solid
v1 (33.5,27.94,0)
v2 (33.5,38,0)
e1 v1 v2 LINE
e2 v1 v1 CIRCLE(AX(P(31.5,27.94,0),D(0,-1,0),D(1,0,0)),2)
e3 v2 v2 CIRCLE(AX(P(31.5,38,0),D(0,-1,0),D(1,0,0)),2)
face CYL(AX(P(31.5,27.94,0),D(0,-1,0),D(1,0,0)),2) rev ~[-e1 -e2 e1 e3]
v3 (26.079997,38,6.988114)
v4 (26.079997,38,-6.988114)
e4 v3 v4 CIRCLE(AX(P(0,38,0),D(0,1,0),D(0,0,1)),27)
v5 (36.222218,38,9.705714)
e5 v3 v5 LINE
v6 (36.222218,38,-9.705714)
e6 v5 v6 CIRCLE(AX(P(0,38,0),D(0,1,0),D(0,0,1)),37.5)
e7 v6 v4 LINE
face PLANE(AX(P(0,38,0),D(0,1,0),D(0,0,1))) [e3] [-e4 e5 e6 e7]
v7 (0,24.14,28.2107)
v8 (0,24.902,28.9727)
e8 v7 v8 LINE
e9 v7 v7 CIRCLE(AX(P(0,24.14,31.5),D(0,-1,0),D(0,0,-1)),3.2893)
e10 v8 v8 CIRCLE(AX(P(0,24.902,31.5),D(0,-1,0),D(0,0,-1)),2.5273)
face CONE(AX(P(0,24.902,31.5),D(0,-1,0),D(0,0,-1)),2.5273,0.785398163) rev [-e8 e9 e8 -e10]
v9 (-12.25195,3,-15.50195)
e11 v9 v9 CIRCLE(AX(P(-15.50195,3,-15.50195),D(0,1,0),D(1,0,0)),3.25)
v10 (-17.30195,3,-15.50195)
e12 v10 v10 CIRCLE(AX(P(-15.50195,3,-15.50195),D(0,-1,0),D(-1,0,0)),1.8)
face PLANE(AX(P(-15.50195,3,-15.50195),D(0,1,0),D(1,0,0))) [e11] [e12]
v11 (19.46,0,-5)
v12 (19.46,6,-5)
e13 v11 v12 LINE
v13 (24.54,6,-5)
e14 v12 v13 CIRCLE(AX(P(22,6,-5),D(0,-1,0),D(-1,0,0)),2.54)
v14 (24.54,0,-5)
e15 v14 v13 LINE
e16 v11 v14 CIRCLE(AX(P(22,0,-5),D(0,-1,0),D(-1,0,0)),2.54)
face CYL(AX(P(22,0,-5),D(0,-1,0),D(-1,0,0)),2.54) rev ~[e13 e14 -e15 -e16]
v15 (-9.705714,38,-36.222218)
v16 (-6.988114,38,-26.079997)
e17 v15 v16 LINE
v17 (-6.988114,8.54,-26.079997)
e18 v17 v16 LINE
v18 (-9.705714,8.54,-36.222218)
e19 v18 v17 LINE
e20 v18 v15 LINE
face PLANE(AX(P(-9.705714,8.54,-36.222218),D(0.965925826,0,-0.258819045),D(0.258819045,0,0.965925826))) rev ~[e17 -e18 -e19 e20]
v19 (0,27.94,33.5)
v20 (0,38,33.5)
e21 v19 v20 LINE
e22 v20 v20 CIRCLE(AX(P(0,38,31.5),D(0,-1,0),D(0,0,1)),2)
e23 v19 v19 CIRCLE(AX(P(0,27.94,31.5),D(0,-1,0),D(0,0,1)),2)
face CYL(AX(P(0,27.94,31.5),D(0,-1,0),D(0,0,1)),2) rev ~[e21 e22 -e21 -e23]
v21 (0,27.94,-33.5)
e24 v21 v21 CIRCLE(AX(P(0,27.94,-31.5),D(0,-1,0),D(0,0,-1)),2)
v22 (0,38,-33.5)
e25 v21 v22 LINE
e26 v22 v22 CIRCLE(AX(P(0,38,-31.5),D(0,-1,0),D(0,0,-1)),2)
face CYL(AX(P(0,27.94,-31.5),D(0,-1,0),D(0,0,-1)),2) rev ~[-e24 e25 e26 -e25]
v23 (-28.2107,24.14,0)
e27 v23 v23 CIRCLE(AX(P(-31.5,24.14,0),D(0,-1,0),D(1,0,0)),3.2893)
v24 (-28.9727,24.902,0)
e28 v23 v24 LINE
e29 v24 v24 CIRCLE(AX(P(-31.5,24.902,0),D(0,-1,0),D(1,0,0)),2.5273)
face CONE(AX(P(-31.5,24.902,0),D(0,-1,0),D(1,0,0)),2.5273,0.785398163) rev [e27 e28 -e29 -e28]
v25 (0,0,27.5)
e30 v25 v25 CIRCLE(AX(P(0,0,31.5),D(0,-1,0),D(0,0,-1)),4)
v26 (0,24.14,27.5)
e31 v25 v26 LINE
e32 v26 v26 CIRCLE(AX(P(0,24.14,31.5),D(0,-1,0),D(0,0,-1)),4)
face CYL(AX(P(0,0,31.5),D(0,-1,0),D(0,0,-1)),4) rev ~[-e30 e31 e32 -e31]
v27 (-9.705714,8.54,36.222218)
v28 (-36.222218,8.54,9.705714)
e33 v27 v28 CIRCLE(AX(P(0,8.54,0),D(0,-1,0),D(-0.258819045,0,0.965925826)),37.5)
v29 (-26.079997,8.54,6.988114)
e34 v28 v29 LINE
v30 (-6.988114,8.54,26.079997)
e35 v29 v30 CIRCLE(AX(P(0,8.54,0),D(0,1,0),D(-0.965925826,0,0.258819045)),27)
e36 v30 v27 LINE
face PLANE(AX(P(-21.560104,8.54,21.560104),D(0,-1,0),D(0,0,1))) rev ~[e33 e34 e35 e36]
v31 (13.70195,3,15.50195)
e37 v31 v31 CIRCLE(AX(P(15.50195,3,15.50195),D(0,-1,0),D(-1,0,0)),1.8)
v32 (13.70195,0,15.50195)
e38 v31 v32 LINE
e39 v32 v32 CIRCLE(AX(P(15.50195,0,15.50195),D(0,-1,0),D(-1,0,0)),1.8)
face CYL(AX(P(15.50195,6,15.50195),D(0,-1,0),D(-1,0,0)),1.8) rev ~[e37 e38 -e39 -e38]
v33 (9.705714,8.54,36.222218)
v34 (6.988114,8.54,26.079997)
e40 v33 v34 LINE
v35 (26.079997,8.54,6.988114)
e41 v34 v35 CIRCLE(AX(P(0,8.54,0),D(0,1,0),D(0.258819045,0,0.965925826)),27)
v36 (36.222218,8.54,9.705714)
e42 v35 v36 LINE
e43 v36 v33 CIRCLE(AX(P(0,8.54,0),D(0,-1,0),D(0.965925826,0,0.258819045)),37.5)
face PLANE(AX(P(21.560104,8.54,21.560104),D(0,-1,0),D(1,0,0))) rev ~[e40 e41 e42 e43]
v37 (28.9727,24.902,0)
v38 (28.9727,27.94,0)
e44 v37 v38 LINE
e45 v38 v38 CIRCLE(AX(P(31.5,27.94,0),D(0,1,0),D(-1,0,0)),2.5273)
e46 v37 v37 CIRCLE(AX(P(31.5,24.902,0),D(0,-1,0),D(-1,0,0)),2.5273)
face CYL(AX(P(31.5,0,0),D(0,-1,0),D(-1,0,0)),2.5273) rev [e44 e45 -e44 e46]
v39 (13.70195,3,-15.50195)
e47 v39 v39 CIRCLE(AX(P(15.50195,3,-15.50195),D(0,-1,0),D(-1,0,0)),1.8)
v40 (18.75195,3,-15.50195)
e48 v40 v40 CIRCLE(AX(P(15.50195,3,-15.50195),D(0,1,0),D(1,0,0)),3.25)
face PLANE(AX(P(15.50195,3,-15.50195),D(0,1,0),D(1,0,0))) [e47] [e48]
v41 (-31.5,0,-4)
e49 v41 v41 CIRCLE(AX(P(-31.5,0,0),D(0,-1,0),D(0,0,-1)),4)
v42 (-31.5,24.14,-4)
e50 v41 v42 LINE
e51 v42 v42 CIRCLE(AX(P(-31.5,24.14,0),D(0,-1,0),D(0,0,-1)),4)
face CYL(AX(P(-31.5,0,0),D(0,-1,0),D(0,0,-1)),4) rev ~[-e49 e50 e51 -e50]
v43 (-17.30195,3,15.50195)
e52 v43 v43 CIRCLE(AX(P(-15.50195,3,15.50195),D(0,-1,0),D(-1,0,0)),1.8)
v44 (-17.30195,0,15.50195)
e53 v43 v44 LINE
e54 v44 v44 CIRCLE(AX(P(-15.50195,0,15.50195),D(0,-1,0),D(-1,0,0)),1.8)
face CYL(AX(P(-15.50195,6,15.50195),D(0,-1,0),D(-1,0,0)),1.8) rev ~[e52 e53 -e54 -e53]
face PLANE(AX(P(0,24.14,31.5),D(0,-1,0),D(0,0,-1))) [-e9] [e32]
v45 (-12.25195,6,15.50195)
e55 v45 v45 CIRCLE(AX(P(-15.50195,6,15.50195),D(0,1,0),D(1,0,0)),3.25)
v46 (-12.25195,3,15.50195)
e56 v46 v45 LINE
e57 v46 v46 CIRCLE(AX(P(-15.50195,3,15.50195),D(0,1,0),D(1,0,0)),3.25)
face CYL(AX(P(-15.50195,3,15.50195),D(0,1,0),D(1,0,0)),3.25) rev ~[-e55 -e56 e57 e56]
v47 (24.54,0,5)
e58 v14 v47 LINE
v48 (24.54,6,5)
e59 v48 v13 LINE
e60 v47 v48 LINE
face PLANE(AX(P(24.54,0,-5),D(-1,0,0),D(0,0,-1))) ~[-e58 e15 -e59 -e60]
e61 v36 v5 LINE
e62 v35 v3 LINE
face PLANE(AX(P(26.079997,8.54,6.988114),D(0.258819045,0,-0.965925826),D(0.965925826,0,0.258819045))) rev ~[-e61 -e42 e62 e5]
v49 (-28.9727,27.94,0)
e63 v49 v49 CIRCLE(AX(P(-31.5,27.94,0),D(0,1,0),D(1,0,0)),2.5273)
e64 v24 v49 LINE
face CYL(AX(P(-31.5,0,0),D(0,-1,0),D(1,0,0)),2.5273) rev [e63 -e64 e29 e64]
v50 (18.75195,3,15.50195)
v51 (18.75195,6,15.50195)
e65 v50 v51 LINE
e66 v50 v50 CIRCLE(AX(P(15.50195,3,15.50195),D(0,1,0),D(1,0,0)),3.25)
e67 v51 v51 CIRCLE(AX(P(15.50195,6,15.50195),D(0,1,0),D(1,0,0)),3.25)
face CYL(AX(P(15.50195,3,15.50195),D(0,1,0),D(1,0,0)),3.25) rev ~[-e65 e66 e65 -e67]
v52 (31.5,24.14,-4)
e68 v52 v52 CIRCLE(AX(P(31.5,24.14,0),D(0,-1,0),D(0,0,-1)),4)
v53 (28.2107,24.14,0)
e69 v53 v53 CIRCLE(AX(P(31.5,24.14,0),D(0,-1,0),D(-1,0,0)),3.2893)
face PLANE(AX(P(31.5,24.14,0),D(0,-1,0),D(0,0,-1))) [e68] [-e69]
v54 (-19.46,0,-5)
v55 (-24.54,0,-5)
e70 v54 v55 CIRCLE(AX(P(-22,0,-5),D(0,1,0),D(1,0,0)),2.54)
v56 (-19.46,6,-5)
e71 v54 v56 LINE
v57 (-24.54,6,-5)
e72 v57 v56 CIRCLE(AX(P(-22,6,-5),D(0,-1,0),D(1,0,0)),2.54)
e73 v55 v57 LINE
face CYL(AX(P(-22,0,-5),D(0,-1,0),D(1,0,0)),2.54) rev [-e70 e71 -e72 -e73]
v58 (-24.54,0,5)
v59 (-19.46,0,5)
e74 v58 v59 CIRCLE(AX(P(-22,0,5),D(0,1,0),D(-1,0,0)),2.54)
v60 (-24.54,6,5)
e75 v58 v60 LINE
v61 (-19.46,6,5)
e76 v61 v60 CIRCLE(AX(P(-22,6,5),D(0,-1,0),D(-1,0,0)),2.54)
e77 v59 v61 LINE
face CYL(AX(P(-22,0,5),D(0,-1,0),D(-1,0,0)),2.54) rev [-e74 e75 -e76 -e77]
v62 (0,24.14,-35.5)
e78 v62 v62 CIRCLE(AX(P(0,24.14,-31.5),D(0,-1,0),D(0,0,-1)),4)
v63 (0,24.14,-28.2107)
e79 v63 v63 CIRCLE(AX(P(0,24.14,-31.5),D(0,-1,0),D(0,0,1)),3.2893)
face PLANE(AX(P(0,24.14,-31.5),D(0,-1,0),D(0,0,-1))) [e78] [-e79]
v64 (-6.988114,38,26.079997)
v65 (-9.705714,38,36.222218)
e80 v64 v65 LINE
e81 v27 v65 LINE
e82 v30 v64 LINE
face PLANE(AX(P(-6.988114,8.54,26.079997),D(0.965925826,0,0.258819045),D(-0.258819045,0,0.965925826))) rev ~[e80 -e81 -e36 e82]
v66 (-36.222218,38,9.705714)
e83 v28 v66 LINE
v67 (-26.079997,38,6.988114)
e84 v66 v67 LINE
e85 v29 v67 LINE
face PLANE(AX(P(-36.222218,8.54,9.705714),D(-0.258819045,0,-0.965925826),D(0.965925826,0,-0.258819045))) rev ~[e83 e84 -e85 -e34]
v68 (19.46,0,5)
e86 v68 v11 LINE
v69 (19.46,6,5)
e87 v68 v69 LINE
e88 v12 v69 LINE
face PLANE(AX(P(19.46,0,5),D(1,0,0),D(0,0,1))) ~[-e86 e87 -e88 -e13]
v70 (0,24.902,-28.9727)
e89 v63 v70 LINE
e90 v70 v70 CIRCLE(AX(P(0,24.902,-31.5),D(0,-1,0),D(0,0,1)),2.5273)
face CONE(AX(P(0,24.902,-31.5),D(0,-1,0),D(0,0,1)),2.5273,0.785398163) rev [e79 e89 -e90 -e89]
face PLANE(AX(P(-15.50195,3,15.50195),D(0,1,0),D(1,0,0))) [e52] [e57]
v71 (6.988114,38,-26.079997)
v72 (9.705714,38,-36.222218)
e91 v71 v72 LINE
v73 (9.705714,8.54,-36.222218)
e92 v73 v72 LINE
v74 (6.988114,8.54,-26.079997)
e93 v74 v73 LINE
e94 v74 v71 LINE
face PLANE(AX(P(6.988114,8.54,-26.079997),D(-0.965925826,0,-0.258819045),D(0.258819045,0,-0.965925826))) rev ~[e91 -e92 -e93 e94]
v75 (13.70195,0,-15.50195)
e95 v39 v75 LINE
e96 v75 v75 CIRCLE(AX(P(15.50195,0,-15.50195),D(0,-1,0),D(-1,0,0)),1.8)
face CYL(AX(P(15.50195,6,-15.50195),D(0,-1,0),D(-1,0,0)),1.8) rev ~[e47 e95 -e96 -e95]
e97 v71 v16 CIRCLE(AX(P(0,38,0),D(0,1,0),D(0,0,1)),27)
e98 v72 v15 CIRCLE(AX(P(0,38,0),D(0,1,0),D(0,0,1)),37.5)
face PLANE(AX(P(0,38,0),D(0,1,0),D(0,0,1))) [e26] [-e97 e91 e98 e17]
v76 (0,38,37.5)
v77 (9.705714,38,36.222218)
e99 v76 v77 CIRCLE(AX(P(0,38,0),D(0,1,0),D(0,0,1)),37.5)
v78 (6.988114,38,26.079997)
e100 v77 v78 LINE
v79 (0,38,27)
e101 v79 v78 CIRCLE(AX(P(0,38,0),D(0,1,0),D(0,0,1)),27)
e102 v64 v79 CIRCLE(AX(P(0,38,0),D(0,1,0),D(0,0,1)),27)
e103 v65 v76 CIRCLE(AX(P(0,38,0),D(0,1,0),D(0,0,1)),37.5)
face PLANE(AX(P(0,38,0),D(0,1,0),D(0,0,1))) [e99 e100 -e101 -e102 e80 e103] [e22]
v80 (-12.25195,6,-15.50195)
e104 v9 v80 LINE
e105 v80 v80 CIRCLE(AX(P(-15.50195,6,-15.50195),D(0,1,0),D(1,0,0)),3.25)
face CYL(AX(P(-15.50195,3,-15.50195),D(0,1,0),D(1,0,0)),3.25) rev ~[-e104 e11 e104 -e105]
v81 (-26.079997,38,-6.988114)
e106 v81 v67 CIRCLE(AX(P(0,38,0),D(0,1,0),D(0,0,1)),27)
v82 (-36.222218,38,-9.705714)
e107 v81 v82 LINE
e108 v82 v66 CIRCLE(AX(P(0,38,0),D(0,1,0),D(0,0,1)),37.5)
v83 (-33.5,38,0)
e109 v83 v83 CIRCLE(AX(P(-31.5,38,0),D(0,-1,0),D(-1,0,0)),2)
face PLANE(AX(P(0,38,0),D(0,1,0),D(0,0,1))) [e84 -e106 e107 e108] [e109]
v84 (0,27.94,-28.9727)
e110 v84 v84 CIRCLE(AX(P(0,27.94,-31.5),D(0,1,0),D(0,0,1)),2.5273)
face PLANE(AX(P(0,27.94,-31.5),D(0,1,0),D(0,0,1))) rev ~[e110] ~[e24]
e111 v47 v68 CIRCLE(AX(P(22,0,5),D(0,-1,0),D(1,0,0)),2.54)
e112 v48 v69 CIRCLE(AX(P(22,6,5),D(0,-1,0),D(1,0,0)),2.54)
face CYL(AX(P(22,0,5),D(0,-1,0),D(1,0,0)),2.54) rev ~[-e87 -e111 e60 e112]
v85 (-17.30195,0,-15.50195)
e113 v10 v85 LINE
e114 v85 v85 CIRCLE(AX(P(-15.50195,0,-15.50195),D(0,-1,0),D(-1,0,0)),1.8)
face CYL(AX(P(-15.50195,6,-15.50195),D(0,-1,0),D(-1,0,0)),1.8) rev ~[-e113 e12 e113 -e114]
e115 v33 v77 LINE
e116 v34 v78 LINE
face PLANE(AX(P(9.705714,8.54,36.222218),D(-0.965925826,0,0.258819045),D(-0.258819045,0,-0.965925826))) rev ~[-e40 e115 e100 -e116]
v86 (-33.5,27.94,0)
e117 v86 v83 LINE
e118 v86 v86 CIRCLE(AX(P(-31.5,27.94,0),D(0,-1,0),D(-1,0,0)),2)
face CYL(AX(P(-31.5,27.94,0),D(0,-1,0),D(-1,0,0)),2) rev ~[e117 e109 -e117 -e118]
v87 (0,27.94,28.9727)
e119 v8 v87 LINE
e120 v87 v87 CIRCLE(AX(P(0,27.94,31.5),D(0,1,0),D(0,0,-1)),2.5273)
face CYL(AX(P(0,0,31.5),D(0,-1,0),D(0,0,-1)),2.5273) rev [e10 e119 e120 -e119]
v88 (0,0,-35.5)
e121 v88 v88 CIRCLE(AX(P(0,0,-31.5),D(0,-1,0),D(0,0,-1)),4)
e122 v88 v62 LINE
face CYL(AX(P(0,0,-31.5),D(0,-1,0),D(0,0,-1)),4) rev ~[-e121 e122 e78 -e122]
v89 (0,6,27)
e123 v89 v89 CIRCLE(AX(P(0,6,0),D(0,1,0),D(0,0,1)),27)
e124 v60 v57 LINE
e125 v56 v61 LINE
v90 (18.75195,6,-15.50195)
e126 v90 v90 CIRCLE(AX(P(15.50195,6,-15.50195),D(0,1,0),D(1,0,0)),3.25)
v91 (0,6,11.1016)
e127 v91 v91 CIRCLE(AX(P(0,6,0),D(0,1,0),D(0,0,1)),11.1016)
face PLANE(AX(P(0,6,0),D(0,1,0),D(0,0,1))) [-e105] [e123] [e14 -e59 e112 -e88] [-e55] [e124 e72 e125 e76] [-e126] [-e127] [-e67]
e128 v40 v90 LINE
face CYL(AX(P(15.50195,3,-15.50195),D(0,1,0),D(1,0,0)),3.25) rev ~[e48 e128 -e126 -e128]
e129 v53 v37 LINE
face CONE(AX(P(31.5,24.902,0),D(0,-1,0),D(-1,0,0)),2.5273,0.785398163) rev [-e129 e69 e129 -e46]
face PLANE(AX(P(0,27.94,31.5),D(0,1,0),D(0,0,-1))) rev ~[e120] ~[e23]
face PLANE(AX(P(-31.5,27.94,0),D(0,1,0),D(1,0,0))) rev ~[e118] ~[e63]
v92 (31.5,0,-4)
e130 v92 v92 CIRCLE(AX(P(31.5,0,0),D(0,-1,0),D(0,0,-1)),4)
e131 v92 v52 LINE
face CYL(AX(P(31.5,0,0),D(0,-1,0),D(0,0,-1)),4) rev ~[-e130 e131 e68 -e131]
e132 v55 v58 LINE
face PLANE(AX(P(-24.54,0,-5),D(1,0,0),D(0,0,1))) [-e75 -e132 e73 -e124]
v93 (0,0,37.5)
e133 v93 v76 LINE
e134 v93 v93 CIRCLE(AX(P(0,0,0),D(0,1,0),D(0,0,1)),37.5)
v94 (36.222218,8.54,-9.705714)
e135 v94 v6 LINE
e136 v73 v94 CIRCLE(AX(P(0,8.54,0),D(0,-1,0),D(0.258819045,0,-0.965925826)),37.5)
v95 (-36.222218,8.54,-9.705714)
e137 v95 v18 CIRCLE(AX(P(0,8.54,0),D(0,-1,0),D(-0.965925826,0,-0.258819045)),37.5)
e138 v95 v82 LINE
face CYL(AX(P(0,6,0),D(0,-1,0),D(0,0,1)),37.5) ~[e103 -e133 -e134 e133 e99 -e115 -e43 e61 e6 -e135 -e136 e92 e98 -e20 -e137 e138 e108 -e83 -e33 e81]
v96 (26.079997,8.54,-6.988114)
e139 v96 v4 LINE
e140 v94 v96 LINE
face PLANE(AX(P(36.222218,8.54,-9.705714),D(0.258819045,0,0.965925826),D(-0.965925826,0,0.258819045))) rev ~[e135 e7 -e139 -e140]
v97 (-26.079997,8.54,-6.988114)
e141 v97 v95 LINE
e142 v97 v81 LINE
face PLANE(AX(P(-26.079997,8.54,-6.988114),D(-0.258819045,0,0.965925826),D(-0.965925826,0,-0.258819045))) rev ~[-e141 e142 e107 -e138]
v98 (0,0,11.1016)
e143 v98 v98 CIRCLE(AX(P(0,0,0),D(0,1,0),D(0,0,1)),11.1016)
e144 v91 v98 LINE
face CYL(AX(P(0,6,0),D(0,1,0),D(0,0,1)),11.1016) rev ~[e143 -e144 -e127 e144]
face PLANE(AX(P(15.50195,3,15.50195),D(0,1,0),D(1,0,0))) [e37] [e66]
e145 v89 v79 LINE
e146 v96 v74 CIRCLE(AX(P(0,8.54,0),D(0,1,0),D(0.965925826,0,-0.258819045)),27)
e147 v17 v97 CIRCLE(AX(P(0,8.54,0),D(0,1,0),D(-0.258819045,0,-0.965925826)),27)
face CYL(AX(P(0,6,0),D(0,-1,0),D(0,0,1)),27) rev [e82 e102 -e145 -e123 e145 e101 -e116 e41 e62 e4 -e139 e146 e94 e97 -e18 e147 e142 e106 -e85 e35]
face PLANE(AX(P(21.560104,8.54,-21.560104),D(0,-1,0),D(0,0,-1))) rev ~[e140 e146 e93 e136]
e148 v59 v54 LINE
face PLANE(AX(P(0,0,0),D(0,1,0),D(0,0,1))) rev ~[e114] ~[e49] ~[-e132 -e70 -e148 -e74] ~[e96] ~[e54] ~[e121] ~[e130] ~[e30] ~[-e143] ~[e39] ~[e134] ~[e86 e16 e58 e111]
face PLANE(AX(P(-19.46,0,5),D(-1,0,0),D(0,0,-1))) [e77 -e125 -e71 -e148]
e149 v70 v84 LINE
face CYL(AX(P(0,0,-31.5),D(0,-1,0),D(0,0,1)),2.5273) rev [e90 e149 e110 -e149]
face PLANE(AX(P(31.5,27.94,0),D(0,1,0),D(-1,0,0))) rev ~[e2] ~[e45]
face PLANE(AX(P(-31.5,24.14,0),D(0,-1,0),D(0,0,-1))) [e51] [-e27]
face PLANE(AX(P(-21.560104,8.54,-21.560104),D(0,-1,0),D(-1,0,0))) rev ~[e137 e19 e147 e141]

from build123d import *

# Parameters (mm, degrees)
SKETCH1_R                      = 37.5
BOSS_EXTRUDE1_DEPTH            = 6
CBORE_FOR_M3_SHCS1_D           = 3.6
CBORE_FOR_M3_SHCS1_DEPTH       = 6.500114
CBORE_FOR_M3_SHCS1_CBORE_D     = 6.5
CBORE_FOR_M3_SHCS1_CBORE_DEPTH = 3
CBORE_FOR_M3_SHCS1_TIP         = 1.081549114
SKETCH7_R                      = 11.1016
CUT_EXTRUDE3_DEPTH             = 54.371340624
SKETCH8_R                      = 37.5
SKETCH8_R_2                    = 27
BOSS_EXTRUDE2_DEPTH            = 31.99999998
SKETCH5_R                      = 2.5273
CUT_EXTRUDE1_DEPTH             = 27.94
SKETCH6_R                      = 2
CUT_EXTRUDE2_DEPTH             = 60.942836102
CIRPATTERN1_COUNT              = 4
SKETCH9_R                      = 4
CUT_EXTRUDE4_DEPTH             = 24.14
CHAMFER1_SIZE                  = 0.762
CUT_EXTRUDE5_DEPTH             = 66.241857718
CUT_EXTRUDE6_START             = -29.45999998
CUT_EXTRUDE6_DEPTH             = 29.45999998
CIRPATTERN2_COUNT              = 4


with BuildPart() as part:
    # Sketch1 → Boss-Extrude1 (new body)
    with BuildSketch(Plane(origin=(0, 0, 0), x_dir=(1, 0, 0), z_dir=(0, 1, 0))):
        with Locations(Location((0, 0, 0), (0, 0, 270))):
            Circle(SKETCH1_R)
    extrude(amount=BOSS_EXTRUDE1_DEPTH)

    # CBORE for M3 SHCS1
    with Locations(Plane(origin=(0, 6, 0), x_dir=(1, 0, 0), z_dir=(0, 1, 0))):
        with Locations((-15.50195, 15.50195), (15.50195, 15.50195), (15.50195, -15.50195), (-15.50195, -15.50195)):
            CounterBoreHole(CBORE_FOR_M3_SHCS1_D / 2, CBORE_FOR_M3_SHCS1_CBORE_D / 2, CBORE_FOR_M3_SHCS1_CBORE_DEPTH, depth=CBORE_FOR_M3_SHCS1_DEPTH)
            with Locations((0, 0, -(CBORE_FOR_M3_SHCS1_DEPTH + CBORE_FOR_M3_SHCS1_TIP / 2))):  # 118° drill point
                Cone(0, CBORE_FOR_M3_SHCS1_D / 2, CBORE_FOR_M3_SHCS1_TIP, mode=Mode.SUBTRACT)

    # Sketch7 → Cut-Extrude3 (cut, through all)
    with BuildSketch(Plane(origin=(0, 6, 0), x_dir=(1, 0, 0), z_dir=(0, 1, 0))):
        with Locations(Location((0, 0, 0), (0, 0, 270))):
            Circle(SKETCH7_R)
    extrude(amount=-CUT_EXTRUDE3_DEPTH, mode=Mode.SUBTRACT)

    # Sketch8 → Boss-Extrude2 (add)
    with BuildSketch(Plane(origin=(0, 6, 0), x_dir=(1, 0, 0), z_dir=(0, 1, 0))):
        with Locations(Location((0, 0, 0), (0, 0, 270))):
            Circle(SKETCH8_R)
        with Locations(Location((0, 0, 0), (0, 0, 270))):
            Circle(SKETCH8_R_2, mode=Mode.SUBTRACT)
    extrude(amount=BOSS_EXTRUDE2_DEPTH)

    # Sketch5 → Cut-Extrude1 (cut)
    with BuildSketch(Plane(origin=(0, 0, 0), x_dir=(1, 0, 0), z_dir=(0, 1, 0))):
        with Locations(Location((0, 31.5, 0), (0, 0, 270))):
            Circle(SKETCH5_R)
    cut_extrude1 = extrude(amount=CUT_EXTRUDE1_DEPTH, mode=Mode.SUBTRACT)

    # Sketch6 → Cut-Extrude2 (cut, through all)
    with BuildSketch(Plane(origin=(0, 27.94, 0), x_dir=(-1, 0, 0), z_dir=(0, -1, 0))):
        with Locations(Location((0, 31.5, 0), (0, 0, 90))):
            Circle(SKETCH6_R)
    cut_extrude2 = extrude(amount=-CUT_EXTRUDE2_DEPTH, mode=Mode.SUBTRACT)

    # CirPattern1: Cut-Extrude1, Cut-Extrude2 ×4 about axis
    cirpattern1_axis = Axis((0, 0, 0), (0, 1, 0))
    add([cut_extrude1.rotate(cirpattern1_axis, i * 360 / CIRPATTERN1_COUNT) for i in range(1, CIRPATTERN1_COUNT)], mode=Mode.SUBTRACT)
    add([cut_extrude2.rotate(cirpattern1_axis, i * 360 / CIRPATTERN1_COUNT) for i in range(1, CIRPATTERN1_COUNT)], mode=Mode.SUBTRACT)

    # Sketch9 → Cut-Extrude4 (cut)
    with BuildSketch(Plane.XZ):
        with Locations(Location((31.5, 0, 0), (0, 0, 270))):
            Circle(SKETCH9_R)
        with Locations(Location((0, -31.5, 0), (0, 0, 270))):
            Circle(SKETCH9_R)
        with Locations(Location((-31.5, 0, 0), (0, 0, 270))):
            Circle(SKETCH9_R)
        with Locations(Location((0, 31.5, 0), (0, 0, 270))):
            Circle(SKETCH9_R)
    extrude(amount=-CUT_EXTRUDE4_DEPTH, mode=Mode.SUBTRACT)

    # Chamfer1
    chamfer1_edges = [part.edges().sort_by_distance(p)[0] for p in [
        (34.0273, 24.14, 0),
        (0, 24.14, -34.0273),
        (-34.0273, 24.14, 0),
        (0, 24.14, 34.0273),
    ]]
    chamfer(chamfer1_edges, length=CHAMFER1_SIZE)

    # Sketch10 → Cut-Extrude5 (cut, through all)
    with BuildSketch(Plane.XZ):
        with BuildLine():
            Line((-19.46, 5), (-19.46, -5))
            ThreePointArc((-19.46, -5), (-22, -7.54), (-24.54, -5))
            Line((-24.54, -5), (-24.54, 5))
            ThreePointArc((-24.54, 5), (-22, 7.54), (-19.46, 5))
        make_face()
    cut_extrude5 = extrude(amount=-CUT_EXTRUDE5_DEPTH, mode=Mode.SUBTRACT)

    # Mirror1: Cut-Extrude5 across plane
    add(cut_extrude5.mirror(Plane(origin=(0, 0, 0), x_dir=(0, 0, 1), z_dir=(1, 0, 0))), mode=Mode.SUBTRACT)

    # Sketch12 → Cut-Extrude6 (cut)
    with BuildSketch(Plane(origin=(0, 37.99999998, 0), x_dir=(1, 0, 0), z_dir=(0, 1, 0)).offset(CUT_EXTRUDE6_START)):
        with BuildLine():
            Line((-26.07999731, 6.988114218), (-36.222218486, 9.705714191))
            ThreePointArc((-36.222218486, 9.705714191), (-26.516504294, 26.516504294), (-9.705714191, 36.222218486))
            Line((-9.705714191, 36.222218486), (-6.988114218, 26.07999731))
            ThreePointArc((-6.988114218, 26.07999731), (-19.091883092, 19.091883092), (-26.07999731, 6.988114218))
        make_face()
    cut_extrude6 = extrude(amount=CUT_EXTRUDE6_DEPTH, mode=Mode.SUBTRACT)

    # CirPattern2: Cut-Extrude6 ×4 about axis
    cirpattern2_axis = Axis((0, 182.066017138, 0), (0, -1, 0))
    for i in range(1, CIRPATTERN2_COUNT):
        add(cut_extrude6.rotate(cirpattern2_axis, i * 360 / CIRPATTERN2_COUNT), mode=Mode.SUBTRACT)


solid = part.part
